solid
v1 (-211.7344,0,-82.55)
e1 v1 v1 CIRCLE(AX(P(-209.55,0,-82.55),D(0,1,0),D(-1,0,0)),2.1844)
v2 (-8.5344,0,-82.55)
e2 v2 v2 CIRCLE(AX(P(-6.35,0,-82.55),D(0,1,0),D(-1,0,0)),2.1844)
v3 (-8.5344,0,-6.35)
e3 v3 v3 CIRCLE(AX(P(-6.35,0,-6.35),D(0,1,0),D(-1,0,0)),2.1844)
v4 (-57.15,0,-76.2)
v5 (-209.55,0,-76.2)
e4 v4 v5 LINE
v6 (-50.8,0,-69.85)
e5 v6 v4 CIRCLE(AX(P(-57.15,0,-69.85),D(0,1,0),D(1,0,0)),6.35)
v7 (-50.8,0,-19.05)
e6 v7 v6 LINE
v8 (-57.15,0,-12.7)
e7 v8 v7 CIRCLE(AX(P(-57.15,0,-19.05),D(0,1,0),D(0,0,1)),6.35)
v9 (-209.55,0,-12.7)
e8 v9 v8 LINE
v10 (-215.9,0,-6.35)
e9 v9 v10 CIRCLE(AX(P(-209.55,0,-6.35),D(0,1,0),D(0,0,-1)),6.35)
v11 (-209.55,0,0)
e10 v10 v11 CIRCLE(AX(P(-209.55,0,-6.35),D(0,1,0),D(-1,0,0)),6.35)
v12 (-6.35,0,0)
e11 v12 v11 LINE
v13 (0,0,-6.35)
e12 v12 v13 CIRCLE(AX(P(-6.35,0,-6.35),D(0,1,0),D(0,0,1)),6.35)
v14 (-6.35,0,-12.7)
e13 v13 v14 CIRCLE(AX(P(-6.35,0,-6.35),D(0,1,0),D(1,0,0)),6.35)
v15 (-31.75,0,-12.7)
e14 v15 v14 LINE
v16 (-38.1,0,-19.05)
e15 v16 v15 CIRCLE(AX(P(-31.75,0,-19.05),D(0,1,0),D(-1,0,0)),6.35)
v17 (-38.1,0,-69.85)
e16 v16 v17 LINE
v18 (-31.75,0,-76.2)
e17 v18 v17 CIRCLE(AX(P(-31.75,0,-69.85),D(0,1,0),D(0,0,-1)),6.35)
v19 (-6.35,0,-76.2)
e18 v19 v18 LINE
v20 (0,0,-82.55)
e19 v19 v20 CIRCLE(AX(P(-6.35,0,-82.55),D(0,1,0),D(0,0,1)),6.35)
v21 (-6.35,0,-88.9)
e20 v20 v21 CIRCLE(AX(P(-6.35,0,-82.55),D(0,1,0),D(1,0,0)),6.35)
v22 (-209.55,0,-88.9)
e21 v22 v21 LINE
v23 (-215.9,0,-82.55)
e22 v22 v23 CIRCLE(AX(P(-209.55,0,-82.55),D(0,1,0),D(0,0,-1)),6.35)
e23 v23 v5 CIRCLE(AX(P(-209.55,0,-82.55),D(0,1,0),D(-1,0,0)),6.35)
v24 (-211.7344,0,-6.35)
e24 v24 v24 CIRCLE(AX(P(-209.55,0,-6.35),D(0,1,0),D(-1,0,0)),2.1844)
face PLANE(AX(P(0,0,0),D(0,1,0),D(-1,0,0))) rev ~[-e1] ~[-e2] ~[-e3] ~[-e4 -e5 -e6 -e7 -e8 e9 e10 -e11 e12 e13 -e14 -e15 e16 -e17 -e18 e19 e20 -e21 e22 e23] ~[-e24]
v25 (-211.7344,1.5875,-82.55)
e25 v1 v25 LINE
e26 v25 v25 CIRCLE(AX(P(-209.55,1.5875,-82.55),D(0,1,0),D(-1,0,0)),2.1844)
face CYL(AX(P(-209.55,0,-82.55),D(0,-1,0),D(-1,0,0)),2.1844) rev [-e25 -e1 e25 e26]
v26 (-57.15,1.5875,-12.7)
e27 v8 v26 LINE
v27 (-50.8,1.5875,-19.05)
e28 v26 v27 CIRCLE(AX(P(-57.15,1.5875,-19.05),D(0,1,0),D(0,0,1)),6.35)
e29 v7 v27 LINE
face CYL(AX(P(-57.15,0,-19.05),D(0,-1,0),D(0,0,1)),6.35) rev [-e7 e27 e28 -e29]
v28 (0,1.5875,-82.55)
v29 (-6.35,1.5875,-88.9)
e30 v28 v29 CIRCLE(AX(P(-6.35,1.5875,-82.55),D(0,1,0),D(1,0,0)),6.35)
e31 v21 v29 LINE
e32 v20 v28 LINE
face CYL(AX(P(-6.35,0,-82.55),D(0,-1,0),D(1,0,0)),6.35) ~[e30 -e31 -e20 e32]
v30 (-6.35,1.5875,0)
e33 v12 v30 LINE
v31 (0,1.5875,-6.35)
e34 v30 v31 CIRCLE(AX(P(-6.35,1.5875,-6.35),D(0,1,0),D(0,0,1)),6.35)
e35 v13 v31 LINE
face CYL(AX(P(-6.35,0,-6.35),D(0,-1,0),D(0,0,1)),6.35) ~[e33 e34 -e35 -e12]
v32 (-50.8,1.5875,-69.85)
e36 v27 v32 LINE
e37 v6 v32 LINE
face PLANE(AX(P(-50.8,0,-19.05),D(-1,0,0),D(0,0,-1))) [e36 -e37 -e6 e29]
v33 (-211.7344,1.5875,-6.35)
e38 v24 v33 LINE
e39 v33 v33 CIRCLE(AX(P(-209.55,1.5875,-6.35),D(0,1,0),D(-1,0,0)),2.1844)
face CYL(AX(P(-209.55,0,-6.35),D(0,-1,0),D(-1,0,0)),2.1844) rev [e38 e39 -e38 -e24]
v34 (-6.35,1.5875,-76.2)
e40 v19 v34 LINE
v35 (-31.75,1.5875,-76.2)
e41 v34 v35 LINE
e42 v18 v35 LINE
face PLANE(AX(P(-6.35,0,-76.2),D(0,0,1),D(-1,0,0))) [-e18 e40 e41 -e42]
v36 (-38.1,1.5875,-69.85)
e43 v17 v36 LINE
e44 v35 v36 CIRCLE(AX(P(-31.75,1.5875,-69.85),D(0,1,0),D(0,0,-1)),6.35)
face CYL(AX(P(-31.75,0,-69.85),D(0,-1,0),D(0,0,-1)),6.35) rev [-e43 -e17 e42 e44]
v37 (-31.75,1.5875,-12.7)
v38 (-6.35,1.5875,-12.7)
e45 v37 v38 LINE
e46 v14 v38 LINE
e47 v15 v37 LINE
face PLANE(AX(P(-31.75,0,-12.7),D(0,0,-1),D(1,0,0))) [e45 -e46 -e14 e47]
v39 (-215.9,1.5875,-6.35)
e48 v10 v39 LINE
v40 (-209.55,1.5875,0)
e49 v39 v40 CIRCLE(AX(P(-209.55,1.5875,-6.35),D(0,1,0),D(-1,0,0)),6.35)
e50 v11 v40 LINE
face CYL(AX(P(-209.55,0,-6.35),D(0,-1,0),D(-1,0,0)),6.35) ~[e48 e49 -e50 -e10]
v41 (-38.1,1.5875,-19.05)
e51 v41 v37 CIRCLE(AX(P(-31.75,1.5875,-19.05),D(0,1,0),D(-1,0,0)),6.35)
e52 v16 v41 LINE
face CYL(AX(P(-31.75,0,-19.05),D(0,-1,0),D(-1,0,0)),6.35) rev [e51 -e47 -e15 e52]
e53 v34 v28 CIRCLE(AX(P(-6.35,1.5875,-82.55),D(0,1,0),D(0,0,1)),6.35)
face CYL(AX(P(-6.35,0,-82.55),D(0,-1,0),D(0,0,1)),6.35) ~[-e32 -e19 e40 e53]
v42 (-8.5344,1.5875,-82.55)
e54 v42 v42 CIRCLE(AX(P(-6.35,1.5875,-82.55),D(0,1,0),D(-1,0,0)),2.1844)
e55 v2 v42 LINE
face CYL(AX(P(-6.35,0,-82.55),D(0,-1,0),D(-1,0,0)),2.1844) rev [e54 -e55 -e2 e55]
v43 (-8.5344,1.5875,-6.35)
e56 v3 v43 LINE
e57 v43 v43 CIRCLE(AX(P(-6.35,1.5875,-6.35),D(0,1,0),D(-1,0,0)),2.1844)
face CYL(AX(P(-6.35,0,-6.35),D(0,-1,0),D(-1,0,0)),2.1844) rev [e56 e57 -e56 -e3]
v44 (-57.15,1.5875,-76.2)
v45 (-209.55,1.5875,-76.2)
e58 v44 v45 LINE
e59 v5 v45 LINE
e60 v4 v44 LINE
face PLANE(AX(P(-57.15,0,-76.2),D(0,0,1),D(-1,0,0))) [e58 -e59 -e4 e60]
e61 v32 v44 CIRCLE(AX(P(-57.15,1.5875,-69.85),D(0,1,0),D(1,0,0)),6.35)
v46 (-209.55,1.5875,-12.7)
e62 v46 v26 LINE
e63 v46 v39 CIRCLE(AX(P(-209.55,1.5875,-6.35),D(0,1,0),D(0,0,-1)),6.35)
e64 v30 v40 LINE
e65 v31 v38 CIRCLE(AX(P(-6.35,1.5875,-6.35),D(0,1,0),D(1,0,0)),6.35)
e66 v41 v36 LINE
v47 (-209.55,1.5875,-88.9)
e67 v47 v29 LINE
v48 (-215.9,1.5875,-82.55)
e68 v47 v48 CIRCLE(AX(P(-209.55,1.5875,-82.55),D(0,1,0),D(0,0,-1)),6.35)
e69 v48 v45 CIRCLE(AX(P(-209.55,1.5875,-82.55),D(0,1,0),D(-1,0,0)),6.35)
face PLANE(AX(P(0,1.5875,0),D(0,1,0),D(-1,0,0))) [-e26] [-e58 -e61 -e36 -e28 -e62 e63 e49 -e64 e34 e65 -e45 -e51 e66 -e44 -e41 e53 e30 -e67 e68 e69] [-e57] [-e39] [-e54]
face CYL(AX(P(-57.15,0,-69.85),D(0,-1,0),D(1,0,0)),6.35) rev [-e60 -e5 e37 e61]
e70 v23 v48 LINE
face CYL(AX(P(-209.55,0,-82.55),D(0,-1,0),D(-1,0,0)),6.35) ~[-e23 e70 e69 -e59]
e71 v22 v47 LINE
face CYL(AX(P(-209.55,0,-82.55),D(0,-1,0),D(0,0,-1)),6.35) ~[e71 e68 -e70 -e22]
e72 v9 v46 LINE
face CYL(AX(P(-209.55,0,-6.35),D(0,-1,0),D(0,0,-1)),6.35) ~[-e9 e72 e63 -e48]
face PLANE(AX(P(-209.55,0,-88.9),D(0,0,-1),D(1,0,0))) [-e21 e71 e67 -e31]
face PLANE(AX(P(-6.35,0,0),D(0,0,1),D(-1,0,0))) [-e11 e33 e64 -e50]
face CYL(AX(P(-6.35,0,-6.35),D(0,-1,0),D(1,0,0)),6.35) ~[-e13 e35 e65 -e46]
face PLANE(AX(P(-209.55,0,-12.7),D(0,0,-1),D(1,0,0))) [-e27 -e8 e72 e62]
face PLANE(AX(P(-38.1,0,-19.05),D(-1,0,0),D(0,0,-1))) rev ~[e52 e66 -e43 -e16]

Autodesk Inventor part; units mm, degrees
ref_plane "YZ Plane" through (0, 0, 0) normal (1, 0, 0) x (0, 1, 0)
ref_plane "XZ Plane" through (0, 0, 0) normal (0, 1, 0) x (-1, 0, 0)
ref_plane "XY Plane" through (0, 0, 0) normal (0, 0, 1) x (1, 0, 0)
sketch "Sketch1" plane through (0, 0, 0) normal (0, 1, 0) x (-1, 0, 0)
  line L0 (6.35, 0) -> (209.55, 0)
  line L1 (215.9, -6.35) -> (215.9, -6.35)
  circle A0 centre (6.35, -6.35) radius 2.1844
  circle A1 centre (209.55, -6.35) radius 2.1844
  line L2 (38.1, -19.05) -> (38.1, -69.85)
  line L3 (215.9, -82.55) -> (215.9, -82.55)
  line L4 (209.55, -88.9) -> (6.35, -88.9)
  line L5 (0, -82.55) -> (0, -82.55)
  line L6 (50.8, -19.05) -> (50.8, -69.85)
  line L7 (209.55, -12.7) -> (57.15, -12.7)
  line L8 (31.75, -12.7) -> (6.35, -12.7)
  line L9 (6.35, -76.2) -> (31.75, -76.2)
  line L10 (57.15, -76.2) -> (209.55, -76.2)
  arc A2 (57.15, -12.7) -> (50.8, -19.05) centre (57.15, -19.05) ccw
  arc A3 (38.1, -19.05) -> (31.75, -12.7) centre (31.75, -19.05) ccw
  arc A4 (31.75, -76.2) -> (38.1, -69.85) centre (31.75, -69.85) ccw
  arc A5 (50.8, -69.85) -> (57.15, -76.2) centre (57.15, -69.85) ccw
  line L11 (0, -6.35) -> (0, -6.35)
  line L12 (0, -76.2) -> (0, -88.9)
  circle A6 centre (209.55, -82.55) radius 2.1844
  circle A7 centre (6.35, -82.55) radius 2.1844
  arc A8 (215.9, -6.35) -> (209.55, 0) centre (209.55, -6.35) ccw
  arc A9 (209.55, -12.7) -> (215.9, -6.35) centre (209.55, -6.35) ccw
  arc A10 (0, -6.35) -> (6.35, -12.7) centre (6.35, -6.35) ccw
  arc A11 (6.35, 0) -> (0, -6.35) centre (6.35, -6.35) ccw
  arc A12 (6.35, -76.2) -> (0, -82.55) centre (6.35, -82.55) ccw
  arc A13 (0, -82.55) -> (6.35, -88.9) centre (6.35, -82.55) ccw
  arc A14 (215.9, -82.55) -> (209.55, -76.2) centre (209.55, -82.55) ccw
  arc A15 (209.55, -88.9) -> (215.9, -82.55) centre (209.55, -82.55) ccw
  point P0 (0, 0)
  point P1 (215.9, 0)
  point P2 (215.9, -12.7)
  point P3 (0, -12.7)
  point P4 (38.1, -12.7)
  point P5 (38.1, -76.2)
  point P6 (215.9, -76.2)
  point P7 (215.9, -88.9)
  dimension "d0" = 215.9
  dimension "d1" = 12.7
  dimension "d2" = 4.3688
  dimension "d3" = 63.5
  dimension "d4" = 12.7
  dimension "d5" = 12.7
  dimension "d6" = 38.1
  dimension "d7" = 6.35
  dimension "d8" = 6.35
extrude "Extrusion1" add sketch "Sketch1" along normal blind 1.5875
properties part number "Ring Guardd"
